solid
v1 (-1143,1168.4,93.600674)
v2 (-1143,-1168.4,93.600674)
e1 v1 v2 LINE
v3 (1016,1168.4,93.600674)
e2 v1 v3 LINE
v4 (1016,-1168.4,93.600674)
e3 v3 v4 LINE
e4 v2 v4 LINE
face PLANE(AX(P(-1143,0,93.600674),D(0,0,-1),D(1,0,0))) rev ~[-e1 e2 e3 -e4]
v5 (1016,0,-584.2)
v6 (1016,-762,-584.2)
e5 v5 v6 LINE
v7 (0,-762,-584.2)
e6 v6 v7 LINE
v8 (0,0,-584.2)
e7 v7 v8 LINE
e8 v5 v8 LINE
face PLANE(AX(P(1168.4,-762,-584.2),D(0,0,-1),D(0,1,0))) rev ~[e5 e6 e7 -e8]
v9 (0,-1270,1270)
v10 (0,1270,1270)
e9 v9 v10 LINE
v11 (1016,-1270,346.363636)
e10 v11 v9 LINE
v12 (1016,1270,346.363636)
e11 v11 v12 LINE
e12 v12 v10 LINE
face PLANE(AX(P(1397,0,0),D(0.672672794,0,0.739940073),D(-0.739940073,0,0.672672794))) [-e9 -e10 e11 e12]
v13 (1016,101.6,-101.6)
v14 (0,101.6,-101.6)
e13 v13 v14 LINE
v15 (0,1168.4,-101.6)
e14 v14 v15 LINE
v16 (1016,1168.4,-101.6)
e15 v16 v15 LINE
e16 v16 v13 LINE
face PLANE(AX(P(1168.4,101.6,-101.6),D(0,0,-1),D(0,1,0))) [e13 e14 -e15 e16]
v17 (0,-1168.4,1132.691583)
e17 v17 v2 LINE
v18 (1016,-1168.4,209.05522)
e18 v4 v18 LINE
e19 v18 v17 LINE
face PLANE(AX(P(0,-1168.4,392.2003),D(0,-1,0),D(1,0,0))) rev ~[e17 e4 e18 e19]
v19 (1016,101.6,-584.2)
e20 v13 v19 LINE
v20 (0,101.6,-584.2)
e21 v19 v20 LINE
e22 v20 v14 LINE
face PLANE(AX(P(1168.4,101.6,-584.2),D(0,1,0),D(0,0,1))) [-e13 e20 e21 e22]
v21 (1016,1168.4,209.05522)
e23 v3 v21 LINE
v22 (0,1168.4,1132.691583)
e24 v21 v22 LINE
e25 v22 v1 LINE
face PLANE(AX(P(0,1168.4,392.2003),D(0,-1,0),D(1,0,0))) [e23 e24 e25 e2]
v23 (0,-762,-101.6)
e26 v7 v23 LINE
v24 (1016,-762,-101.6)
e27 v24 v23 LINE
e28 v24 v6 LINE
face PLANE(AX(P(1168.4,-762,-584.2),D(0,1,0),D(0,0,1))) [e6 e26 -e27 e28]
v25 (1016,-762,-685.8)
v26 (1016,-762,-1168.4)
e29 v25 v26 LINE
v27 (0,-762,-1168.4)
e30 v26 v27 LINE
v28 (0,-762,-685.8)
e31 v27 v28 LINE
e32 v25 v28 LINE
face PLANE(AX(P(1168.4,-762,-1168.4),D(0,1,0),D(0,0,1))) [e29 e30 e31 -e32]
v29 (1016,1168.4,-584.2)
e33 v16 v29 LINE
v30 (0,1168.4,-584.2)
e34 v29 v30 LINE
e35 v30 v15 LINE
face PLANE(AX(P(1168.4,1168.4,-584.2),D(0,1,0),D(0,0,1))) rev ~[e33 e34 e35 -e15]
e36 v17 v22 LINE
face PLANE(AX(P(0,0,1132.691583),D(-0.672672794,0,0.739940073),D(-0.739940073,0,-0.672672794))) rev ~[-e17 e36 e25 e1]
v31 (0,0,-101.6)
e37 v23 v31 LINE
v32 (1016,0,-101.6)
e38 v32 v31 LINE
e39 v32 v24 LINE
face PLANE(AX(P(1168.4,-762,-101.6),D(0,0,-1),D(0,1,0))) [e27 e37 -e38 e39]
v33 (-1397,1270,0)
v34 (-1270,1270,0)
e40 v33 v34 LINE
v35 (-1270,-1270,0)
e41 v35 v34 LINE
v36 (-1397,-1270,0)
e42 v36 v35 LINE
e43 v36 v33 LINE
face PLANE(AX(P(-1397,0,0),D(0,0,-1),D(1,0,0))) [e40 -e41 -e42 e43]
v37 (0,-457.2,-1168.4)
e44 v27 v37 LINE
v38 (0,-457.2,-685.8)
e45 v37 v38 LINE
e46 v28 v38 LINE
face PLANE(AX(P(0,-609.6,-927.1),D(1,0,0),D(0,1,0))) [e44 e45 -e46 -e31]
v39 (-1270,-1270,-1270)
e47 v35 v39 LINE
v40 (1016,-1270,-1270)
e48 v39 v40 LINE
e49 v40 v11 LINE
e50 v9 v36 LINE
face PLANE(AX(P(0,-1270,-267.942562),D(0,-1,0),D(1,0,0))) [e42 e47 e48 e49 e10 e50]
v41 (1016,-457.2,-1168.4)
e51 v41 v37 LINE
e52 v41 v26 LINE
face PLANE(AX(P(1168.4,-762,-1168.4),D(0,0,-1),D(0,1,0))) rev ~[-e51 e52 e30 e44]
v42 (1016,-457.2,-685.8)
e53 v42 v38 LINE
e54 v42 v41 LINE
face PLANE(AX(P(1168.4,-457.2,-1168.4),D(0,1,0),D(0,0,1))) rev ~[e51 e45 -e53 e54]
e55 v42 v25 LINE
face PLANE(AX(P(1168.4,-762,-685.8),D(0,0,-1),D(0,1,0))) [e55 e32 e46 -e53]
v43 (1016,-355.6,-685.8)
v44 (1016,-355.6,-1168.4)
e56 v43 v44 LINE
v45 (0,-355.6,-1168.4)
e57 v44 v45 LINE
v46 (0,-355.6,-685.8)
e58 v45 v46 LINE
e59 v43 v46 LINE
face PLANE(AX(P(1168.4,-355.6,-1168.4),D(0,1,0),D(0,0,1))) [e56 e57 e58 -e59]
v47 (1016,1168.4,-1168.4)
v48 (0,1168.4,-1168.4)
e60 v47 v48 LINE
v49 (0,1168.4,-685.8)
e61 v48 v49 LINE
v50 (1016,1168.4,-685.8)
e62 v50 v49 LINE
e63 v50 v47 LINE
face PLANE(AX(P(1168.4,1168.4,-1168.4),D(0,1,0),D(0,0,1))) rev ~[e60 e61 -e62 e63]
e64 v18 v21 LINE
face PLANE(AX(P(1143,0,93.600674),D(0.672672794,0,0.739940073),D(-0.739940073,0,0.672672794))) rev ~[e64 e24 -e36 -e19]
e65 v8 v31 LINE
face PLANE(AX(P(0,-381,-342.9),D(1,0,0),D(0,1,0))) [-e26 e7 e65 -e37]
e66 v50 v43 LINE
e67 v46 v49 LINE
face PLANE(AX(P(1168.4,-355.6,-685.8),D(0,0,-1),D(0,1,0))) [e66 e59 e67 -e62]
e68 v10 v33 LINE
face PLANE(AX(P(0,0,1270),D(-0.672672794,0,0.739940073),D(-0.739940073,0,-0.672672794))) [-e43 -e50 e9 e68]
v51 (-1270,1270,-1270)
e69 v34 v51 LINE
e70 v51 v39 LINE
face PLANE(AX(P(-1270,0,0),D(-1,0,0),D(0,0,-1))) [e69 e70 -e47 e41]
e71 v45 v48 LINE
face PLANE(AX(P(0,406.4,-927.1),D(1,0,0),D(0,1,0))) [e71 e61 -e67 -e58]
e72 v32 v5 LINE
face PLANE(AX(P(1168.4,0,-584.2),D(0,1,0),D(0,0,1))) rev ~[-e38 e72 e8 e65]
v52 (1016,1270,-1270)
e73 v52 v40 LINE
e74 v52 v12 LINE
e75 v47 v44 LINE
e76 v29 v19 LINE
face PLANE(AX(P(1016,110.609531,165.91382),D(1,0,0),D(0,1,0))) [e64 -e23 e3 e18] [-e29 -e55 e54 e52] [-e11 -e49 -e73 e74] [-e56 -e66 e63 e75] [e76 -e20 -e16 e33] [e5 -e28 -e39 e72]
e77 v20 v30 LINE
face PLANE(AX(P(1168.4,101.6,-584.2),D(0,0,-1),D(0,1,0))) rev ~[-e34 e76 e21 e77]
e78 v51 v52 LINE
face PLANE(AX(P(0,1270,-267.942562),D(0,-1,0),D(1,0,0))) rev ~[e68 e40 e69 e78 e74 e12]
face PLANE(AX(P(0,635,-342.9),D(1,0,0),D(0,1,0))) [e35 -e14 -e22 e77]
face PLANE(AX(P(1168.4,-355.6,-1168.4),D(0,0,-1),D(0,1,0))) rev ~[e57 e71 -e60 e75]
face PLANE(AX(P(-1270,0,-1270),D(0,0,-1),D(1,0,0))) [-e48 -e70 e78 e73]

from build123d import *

# Parameters (mm, degrees)
F4_DEPTH = 1270
F6_DEPTH = 1168.4
F1_W     = 1066.8
F1_H     = 482.6
F1_W_2   = 762
F1_W_3   = 304.8
F1_W_4   = 1524
F7_DEPTH = 1168.4
F2_W     = 3160.2668762207
F2_H     = 3479.4540405273
F8_DEPTH = 254


with BuildPart() as f4:
    # F3 (on Front) → F4 (new body, symmetric)
    with BuildSketch(Plane.XZ):
        Polygon((-1270, 0), (-1270, -1270), (1270, -1270), (1270, 0), (1397, 0), (0, 1270), (-1397, 0), align=None)
    extrude(amount=F4_DEPTH, both=True)

    # F5 (on Front) → F6 (cut, symmetric)
    with BuildSketch(Plane.XZ):
        Polygon((0, 1132.6915832066), (-1143, 93.6006741157), (1143, 93.6006741157), align=None)
    extrude(amount=F6_DEPTH, both=True, mode=Mode.SUBTRACT)

    # F1 (on offset) → F7 (cut)
    with BuildSketch(Plane.YZ.offset(1168.4)):
        with Locations((635, -342.9)):
            Rectangle(F1_W, F1_H)
        with Locations((-381, -342.9)):
            Rectangle(F1_W_2, F1_H)
        with Locations((-609.6, -927.1)):
            Rectangle(F1_W_3, F1_H)
        with Locations((406.4, -927.1)):
            Rectangle(F1_W_4, F1_H)
    extrude(amount=-F7_DEPTH, mode=Mode.SUBTRACT)

    # F2 (on face) → F8 (cut, symmetric)
    with BuildSketch(Plane.YZ.offset(1270)):
        with Locations((110.6095314026, 165.9138202667)):
            Rectangle(F2_W, F2_H)
    extrude(amount=F8_DEPTH, both=True, mode=Mode.SUBTRACT)


solid = f4.part
